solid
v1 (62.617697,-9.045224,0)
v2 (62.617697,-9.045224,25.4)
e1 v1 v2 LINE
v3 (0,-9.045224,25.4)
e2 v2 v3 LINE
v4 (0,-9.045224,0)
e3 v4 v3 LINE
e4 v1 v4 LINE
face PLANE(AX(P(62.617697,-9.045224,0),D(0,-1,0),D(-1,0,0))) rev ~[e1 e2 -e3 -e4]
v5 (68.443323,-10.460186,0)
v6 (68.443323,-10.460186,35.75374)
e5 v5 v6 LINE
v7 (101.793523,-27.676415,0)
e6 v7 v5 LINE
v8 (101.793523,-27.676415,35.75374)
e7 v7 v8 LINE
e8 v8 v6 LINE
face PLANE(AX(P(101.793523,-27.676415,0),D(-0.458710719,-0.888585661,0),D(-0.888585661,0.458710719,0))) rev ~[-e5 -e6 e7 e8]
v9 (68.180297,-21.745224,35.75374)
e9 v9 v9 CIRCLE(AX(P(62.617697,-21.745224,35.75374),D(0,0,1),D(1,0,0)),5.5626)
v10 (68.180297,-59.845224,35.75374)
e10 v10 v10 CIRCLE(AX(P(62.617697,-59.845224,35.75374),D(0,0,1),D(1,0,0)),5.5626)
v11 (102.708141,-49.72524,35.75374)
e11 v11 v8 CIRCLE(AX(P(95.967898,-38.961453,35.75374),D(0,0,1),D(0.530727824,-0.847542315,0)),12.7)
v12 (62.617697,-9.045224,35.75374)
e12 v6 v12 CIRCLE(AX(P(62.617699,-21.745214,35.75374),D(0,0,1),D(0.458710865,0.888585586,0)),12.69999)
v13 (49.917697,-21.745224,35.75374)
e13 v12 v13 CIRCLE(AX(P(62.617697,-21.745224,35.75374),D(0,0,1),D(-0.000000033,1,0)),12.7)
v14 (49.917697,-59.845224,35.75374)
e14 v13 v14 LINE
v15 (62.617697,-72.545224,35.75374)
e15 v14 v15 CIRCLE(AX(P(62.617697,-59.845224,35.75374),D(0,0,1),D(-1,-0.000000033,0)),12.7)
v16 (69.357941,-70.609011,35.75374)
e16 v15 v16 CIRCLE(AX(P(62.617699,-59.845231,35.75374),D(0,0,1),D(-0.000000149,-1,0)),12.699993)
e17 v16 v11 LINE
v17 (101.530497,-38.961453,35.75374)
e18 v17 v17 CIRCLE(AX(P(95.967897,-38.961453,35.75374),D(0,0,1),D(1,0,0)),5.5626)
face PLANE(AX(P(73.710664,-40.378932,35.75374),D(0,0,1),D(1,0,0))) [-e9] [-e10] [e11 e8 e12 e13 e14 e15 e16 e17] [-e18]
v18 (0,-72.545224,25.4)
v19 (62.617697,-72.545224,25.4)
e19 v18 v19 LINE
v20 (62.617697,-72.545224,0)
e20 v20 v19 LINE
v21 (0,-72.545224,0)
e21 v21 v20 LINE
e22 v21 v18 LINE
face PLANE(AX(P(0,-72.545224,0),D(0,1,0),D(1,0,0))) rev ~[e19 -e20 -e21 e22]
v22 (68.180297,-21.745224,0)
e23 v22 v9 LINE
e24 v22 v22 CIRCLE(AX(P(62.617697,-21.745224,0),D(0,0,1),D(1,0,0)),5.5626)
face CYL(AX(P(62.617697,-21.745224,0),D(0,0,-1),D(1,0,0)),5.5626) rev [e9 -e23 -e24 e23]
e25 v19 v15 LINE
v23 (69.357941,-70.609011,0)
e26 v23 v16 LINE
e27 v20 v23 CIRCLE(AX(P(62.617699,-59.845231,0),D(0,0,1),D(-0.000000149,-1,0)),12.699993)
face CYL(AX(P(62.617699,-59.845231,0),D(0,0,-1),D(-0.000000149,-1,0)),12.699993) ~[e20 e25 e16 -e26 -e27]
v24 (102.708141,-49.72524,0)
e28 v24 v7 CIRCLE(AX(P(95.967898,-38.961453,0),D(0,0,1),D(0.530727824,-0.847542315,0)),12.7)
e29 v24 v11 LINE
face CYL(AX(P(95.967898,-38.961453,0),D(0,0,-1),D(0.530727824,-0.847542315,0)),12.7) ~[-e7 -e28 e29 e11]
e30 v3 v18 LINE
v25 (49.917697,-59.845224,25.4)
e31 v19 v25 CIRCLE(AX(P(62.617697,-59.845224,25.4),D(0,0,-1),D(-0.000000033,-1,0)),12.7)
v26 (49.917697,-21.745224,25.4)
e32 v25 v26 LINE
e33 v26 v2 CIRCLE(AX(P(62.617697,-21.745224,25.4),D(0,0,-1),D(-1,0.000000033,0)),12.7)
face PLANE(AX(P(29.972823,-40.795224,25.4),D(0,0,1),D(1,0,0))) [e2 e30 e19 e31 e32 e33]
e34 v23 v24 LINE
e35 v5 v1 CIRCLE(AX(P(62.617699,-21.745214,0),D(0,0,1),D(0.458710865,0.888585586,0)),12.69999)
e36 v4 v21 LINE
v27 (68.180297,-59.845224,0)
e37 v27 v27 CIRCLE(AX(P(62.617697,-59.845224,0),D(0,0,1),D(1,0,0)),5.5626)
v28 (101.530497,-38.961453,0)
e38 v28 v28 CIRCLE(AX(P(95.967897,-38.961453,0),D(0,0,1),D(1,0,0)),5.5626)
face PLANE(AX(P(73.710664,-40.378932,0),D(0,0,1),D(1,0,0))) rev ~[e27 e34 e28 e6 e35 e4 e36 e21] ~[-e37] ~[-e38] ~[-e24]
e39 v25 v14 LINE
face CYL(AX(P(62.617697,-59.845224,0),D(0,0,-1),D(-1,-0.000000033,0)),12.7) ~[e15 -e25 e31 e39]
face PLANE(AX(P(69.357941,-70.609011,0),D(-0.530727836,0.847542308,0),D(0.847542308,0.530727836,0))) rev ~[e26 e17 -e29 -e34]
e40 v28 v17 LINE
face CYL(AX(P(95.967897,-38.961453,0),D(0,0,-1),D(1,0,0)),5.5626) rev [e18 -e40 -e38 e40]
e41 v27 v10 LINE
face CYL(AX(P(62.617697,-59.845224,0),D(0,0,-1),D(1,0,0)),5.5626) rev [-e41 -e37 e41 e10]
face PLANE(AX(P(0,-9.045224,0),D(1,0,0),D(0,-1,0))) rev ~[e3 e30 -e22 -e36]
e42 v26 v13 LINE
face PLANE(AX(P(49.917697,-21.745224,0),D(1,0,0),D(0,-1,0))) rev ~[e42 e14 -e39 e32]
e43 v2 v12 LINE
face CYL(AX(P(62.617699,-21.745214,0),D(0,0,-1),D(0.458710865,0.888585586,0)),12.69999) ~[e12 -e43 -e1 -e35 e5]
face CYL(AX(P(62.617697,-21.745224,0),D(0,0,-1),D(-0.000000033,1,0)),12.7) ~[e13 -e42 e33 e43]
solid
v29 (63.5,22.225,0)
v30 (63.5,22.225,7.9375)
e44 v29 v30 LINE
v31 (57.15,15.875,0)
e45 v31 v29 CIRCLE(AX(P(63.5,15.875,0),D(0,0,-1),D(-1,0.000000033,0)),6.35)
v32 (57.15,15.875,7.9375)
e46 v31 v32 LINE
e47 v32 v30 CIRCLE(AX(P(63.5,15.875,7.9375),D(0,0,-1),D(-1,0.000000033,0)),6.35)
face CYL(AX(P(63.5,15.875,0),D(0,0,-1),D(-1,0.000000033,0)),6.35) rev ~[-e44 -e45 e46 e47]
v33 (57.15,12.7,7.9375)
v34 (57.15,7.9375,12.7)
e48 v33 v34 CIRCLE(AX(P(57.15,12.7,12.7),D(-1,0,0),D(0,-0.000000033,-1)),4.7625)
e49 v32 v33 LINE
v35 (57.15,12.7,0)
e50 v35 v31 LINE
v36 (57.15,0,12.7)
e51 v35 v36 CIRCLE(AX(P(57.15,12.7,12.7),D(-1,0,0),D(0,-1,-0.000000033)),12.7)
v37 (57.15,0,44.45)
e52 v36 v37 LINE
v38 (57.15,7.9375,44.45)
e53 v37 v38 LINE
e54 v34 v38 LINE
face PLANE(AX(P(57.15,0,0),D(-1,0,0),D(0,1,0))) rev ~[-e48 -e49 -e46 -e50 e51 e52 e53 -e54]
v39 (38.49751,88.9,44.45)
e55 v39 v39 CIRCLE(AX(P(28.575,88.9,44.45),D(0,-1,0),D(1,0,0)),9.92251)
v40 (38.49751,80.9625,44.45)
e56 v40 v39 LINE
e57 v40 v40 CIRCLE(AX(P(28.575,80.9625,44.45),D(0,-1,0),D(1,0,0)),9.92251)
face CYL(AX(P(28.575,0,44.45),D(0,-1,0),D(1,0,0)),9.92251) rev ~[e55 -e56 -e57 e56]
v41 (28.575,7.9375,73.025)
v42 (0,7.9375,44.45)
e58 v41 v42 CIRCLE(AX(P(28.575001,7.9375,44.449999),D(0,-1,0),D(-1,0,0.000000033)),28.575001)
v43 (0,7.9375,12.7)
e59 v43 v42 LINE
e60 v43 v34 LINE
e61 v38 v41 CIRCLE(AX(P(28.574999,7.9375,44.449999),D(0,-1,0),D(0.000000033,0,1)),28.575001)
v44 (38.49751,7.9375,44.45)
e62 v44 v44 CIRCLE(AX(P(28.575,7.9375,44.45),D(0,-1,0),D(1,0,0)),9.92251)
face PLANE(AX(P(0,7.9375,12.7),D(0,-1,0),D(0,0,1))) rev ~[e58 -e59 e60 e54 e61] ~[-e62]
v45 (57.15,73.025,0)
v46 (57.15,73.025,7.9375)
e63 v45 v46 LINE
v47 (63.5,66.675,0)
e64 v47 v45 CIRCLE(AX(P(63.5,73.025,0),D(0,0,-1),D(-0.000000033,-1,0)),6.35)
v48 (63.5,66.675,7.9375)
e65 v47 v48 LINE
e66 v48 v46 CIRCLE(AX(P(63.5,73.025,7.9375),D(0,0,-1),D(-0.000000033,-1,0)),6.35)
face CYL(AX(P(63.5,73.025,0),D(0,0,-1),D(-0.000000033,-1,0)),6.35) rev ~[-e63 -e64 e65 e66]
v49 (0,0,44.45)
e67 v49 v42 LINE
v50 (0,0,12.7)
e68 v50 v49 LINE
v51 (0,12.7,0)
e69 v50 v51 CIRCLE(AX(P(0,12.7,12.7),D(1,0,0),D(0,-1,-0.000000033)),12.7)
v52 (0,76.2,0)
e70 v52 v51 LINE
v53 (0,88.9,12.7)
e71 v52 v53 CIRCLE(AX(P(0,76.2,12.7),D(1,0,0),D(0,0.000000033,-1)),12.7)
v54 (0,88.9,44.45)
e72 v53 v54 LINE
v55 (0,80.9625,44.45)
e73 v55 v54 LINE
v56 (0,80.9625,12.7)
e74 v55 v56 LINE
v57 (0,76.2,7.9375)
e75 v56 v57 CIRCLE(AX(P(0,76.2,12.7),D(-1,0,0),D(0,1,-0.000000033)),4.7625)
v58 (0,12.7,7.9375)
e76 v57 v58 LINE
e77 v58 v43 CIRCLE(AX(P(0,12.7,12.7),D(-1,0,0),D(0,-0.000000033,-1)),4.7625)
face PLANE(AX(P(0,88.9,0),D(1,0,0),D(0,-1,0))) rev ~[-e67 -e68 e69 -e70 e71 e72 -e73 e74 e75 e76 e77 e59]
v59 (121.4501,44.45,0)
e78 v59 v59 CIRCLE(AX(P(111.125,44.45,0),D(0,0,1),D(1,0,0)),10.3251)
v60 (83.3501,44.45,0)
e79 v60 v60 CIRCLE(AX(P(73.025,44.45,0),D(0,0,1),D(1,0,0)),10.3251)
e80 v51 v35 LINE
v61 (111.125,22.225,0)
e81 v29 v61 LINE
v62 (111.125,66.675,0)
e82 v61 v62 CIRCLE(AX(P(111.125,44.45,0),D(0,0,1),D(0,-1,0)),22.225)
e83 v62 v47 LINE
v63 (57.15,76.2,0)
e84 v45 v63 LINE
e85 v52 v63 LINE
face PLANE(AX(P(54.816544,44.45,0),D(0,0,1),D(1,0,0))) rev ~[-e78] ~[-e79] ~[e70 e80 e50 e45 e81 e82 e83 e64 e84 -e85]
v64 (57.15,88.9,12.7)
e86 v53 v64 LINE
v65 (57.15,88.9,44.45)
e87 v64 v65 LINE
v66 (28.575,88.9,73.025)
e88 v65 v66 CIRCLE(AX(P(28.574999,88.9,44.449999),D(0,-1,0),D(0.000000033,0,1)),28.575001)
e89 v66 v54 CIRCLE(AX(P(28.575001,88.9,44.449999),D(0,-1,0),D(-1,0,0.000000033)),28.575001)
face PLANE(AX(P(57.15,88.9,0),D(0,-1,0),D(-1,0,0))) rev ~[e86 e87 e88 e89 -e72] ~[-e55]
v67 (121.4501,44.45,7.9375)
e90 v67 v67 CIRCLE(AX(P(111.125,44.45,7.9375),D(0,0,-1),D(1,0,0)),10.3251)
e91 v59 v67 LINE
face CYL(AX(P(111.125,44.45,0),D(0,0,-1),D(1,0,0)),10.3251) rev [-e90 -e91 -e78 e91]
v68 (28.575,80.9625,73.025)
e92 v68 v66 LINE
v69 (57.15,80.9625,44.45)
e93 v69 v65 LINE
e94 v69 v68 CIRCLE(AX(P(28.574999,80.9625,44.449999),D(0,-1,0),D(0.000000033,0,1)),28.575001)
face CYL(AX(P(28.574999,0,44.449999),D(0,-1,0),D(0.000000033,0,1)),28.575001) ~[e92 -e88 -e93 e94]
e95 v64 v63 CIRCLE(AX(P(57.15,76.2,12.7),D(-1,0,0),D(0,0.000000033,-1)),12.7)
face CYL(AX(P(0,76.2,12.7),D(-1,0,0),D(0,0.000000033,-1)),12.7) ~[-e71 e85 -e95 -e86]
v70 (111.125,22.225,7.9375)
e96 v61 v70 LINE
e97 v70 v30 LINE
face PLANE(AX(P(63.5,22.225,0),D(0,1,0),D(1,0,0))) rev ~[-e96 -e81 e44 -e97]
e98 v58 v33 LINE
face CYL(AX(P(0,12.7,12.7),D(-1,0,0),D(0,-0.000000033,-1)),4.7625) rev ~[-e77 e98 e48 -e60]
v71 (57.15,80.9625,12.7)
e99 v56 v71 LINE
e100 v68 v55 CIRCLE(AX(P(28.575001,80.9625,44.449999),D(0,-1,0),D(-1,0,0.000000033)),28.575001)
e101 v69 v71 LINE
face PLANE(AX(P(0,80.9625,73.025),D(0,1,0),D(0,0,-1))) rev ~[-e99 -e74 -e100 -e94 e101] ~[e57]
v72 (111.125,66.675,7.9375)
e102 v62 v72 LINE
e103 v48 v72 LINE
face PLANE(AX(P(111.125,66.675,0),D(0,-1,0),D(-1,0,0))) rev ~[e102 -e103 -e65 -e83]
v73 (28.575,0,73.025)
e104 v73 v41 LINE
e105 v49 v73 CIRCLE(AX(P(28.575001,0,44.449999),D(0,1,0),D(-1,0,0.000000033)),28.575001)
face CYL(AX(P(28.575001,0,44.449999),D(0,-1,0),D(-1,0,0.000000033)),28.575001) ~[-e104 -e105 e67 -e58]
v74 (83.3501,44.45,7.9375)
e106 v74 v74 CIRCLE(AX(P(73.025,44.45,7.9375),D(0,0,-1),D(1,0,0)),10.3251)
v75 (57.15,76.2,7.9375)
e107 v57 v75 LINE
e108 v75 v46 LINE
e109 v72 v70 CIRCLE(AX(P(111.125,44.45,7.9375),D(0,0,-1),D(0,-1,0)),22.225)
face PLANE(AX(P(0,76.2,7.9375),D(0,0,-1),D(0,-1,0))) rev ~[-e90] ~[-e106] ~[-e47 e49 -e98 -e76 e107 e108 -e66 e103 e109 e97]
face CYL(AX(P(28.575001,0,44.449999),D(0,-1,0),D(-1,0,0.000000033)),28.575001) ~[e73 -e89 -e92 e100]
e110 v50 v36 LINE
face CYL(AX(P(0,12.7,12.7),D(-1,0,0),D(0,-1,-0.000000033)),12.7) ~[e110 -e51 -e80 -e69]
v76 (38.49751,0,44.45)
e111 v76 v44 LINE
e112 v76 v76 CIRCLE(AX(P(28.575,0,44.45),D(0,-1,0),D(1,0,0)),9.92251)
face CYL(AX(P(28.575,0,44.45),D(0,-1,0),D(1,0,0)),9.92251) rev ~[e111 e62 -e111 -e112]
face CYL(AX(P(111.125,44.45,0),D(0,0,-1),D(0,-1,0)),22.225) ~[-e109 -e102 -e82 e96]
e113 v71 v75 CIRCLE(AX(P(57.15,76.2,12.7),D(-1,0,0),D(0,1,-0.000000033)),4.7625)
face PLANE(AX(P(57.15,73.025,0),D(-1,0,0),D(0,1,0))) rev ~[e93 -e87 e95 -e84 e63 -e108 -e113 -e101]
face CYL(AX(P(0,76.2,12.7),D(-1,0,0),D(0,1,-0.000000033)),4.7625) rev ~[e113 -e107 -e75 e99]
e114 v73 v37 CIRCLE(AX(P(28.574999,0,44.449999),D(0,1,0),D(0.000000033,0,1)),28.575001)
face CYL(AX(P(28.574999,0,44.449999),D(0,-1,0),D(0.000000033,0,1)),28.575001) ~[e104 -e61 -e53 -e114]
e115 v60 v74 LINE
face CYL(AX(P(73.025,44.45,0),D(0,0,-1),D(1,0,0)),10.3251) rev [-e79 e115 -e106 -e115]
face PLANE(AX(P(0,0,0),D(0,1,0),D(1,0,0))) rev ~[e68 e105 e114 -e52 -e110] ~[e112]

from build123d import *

# Parameters (mm, degrees)
F0_R     = 10.3251
F1_DEPTH = 73.025
F3_DEPTH = 133.351
F4_R     = 9.92251
F5_DEPTH = 88.901
F7_DEPTH = 25.4
F6_R     = 5.5626
F8_DEPTH = 35.75374


with BuildPart() as f1:
    # F0 (on Top) → F1 (new body)
    with BuildSketch(Plane.XY):
        with BuildLine():
            Line((0, 88.9), (0, 0))
            Line((0, 0), (57.15, 0))
            Line((57.15, 0), (57.15, 15.875))
            ThreePointArc((57.15, 15.875), (59.009872, 20.365128), (63.5, 22.225))
            Line((63.5, 22.225), (111.125, 22.225))
            ThreePointArc((111.125, 22.225), (133.35, 44.45), (111.125, 66.675))
            Line((111.125, 66.675), (63.5, 66.675))
            ThreePointArc((63.5, 66.675), (59.009872, 68.534872), (57.15, 73.025))
            Line((57.15, 73.025), (57.15, 88.9))
            Line((57.15, 88.9), (0, 88.9))
        make_face()
        with Locations((73.025, 44.45)):
            Circle(F0_R, mode=Mode.SUBTRACT)
        with Locations((111.125, 44.45)):
            Circle(F0_R, mode=Mode.SUBTRACT)
    extrude(amount=F1_DEPTH)

    # F2 (on face) → F3 (cut, through all)
    with BuildSketch(Plane(origin=(0, 0, 0), x_dir=(0, -1, 0), z_dir=(-1, 0, 0))):
        with BuildLine():
            Line((-7.9375, 73.025), (-80.9625, 73.025))
            Line((-80.9625, 73.025), (-80.9625, 12.7))
            ThreePointArc((-80.9625, 12.7), (-79.567596, 9.332404), (-76.2, 7.9375))
            Line((-76.2, 7.9375), (-12.7, 7.9375))
            ThreePointArc((-12.7, 7.9375), (-9.332404, 9.332404), (-7.9375, 12.7))
            Line((-7.9375, 12.7), (-7.9375, 73.025))
        make_face()
        with BuildLine():
            ThreePointArc((-76.2, 0), (-85.180256, 3.719744), (-88.9, 12.7))
            Line((-88.9, 12.7), (-88.9, 0))
            Line((-88.9, 0), (-76.2, 0))
        make_face()
        with BuildLine():
            ThreePointArc((0, 12.7), (-3.719744, 3.719744), (-12.7, 0))
            Line((-12.7, 0), (0, 0))
            Line((0, 0), (0, 12.7))
        make_face()
    extrude(amount=-F3_DEPTH, mode=Mode.SUBTRACT)

    # F4 (on face) → F5 (cut, through all)
    with BuildSketch(Plane.XZ):
        with Locations((28.575, 44.45)):
            Circle(F4_R)
        with BuildLine():
            Line((57.15, 73.025), (28.575, 73.025))
            ThreePointArc((28.575, 73.025), (48.780576, 64.655576), (57.15, 44.45))
            Line((57.15, 44.45), (57.15, 73.025))
        make_face()
        with BuildLine():
            Line((0, 73.025), (0, 44.45))
            ThreePointArc((0, 44.45), (8.369424, 64.655576), (28.575, 73.025))
            Line((28.575, 73.025), (0, 73.025))
        make_face()
    extrude(amount=-F5_DEPTH, mode=Mode.SUBTRACT)


with BuildPart() as f7:
    # F6 (on Top) → F7 (new body)
    with BuildSketch(Plane.XY):
        with BuildLine():
            Line((62.617697, -9.045224), (0, -9.045224))
            Line((0, -9.045224), (0, -72.545224))
            Line((0, -72.545224), (62.617697, -72.545224))
            ThreePointArc((62.617697, -72.545224), (53.637441, -68.82548), (49.917697, -59.845224))
            Line((49.917697, -59.845224), (49.917697, -21.745224))
            ThreePointArc((49.917697, -21.745224), (53.637441, -12.764968), (62.617697, -9.045224))
        make_face()
    extrude(amount=F7_DEPTH)

    # F6 (on Top) → F8 (join)
    with BuildSketch(Plane.XY):
        with BuildLine():
            ThreePointArc((68.443323, -10.460186), (65.615198, -9.404033), (62.617697, -9.045224))
            ThreePointArc((62.617697, -9.045224), (53.637441, -12.764968), (49.917697, -21.745224))
            Line((49.917697, -21.745224), (49.917697, -59.845224))
            ThreePointArc((49.917697, -59.845224), (53.637441, -68.82548), (62.617697, -72.545224))
            ThreePointArc((62.617697, -72.545224), (66.124113, -72.051577), (69.357941, -70.609011))
            Line((69.357941, -70.609011), (102.708141, -49.72524))
            ThreePointArc((102.708141, -49.72524), (108.656985, -38.435091), (101.793523, -27.676415))
            Line((101.793523, -27.676415), (68.443323, -10.460186))
        make_face()
        with Locations((62.617697, -59.845224)):
            Circle(F6_R, mode=Mode.SUBTRACT)
        with Locations((95.967897, -38.961453)):
            Circle(F6_R, mode=Mode.SUBTRACT)
        with Locations((62.617697, -21.745224)):
            Circle(F6_R, mode=Mode.SUBTRACT)
    extrude(amount=F8_DEPTH)


solid = Compound([f1.part, f7.part])
